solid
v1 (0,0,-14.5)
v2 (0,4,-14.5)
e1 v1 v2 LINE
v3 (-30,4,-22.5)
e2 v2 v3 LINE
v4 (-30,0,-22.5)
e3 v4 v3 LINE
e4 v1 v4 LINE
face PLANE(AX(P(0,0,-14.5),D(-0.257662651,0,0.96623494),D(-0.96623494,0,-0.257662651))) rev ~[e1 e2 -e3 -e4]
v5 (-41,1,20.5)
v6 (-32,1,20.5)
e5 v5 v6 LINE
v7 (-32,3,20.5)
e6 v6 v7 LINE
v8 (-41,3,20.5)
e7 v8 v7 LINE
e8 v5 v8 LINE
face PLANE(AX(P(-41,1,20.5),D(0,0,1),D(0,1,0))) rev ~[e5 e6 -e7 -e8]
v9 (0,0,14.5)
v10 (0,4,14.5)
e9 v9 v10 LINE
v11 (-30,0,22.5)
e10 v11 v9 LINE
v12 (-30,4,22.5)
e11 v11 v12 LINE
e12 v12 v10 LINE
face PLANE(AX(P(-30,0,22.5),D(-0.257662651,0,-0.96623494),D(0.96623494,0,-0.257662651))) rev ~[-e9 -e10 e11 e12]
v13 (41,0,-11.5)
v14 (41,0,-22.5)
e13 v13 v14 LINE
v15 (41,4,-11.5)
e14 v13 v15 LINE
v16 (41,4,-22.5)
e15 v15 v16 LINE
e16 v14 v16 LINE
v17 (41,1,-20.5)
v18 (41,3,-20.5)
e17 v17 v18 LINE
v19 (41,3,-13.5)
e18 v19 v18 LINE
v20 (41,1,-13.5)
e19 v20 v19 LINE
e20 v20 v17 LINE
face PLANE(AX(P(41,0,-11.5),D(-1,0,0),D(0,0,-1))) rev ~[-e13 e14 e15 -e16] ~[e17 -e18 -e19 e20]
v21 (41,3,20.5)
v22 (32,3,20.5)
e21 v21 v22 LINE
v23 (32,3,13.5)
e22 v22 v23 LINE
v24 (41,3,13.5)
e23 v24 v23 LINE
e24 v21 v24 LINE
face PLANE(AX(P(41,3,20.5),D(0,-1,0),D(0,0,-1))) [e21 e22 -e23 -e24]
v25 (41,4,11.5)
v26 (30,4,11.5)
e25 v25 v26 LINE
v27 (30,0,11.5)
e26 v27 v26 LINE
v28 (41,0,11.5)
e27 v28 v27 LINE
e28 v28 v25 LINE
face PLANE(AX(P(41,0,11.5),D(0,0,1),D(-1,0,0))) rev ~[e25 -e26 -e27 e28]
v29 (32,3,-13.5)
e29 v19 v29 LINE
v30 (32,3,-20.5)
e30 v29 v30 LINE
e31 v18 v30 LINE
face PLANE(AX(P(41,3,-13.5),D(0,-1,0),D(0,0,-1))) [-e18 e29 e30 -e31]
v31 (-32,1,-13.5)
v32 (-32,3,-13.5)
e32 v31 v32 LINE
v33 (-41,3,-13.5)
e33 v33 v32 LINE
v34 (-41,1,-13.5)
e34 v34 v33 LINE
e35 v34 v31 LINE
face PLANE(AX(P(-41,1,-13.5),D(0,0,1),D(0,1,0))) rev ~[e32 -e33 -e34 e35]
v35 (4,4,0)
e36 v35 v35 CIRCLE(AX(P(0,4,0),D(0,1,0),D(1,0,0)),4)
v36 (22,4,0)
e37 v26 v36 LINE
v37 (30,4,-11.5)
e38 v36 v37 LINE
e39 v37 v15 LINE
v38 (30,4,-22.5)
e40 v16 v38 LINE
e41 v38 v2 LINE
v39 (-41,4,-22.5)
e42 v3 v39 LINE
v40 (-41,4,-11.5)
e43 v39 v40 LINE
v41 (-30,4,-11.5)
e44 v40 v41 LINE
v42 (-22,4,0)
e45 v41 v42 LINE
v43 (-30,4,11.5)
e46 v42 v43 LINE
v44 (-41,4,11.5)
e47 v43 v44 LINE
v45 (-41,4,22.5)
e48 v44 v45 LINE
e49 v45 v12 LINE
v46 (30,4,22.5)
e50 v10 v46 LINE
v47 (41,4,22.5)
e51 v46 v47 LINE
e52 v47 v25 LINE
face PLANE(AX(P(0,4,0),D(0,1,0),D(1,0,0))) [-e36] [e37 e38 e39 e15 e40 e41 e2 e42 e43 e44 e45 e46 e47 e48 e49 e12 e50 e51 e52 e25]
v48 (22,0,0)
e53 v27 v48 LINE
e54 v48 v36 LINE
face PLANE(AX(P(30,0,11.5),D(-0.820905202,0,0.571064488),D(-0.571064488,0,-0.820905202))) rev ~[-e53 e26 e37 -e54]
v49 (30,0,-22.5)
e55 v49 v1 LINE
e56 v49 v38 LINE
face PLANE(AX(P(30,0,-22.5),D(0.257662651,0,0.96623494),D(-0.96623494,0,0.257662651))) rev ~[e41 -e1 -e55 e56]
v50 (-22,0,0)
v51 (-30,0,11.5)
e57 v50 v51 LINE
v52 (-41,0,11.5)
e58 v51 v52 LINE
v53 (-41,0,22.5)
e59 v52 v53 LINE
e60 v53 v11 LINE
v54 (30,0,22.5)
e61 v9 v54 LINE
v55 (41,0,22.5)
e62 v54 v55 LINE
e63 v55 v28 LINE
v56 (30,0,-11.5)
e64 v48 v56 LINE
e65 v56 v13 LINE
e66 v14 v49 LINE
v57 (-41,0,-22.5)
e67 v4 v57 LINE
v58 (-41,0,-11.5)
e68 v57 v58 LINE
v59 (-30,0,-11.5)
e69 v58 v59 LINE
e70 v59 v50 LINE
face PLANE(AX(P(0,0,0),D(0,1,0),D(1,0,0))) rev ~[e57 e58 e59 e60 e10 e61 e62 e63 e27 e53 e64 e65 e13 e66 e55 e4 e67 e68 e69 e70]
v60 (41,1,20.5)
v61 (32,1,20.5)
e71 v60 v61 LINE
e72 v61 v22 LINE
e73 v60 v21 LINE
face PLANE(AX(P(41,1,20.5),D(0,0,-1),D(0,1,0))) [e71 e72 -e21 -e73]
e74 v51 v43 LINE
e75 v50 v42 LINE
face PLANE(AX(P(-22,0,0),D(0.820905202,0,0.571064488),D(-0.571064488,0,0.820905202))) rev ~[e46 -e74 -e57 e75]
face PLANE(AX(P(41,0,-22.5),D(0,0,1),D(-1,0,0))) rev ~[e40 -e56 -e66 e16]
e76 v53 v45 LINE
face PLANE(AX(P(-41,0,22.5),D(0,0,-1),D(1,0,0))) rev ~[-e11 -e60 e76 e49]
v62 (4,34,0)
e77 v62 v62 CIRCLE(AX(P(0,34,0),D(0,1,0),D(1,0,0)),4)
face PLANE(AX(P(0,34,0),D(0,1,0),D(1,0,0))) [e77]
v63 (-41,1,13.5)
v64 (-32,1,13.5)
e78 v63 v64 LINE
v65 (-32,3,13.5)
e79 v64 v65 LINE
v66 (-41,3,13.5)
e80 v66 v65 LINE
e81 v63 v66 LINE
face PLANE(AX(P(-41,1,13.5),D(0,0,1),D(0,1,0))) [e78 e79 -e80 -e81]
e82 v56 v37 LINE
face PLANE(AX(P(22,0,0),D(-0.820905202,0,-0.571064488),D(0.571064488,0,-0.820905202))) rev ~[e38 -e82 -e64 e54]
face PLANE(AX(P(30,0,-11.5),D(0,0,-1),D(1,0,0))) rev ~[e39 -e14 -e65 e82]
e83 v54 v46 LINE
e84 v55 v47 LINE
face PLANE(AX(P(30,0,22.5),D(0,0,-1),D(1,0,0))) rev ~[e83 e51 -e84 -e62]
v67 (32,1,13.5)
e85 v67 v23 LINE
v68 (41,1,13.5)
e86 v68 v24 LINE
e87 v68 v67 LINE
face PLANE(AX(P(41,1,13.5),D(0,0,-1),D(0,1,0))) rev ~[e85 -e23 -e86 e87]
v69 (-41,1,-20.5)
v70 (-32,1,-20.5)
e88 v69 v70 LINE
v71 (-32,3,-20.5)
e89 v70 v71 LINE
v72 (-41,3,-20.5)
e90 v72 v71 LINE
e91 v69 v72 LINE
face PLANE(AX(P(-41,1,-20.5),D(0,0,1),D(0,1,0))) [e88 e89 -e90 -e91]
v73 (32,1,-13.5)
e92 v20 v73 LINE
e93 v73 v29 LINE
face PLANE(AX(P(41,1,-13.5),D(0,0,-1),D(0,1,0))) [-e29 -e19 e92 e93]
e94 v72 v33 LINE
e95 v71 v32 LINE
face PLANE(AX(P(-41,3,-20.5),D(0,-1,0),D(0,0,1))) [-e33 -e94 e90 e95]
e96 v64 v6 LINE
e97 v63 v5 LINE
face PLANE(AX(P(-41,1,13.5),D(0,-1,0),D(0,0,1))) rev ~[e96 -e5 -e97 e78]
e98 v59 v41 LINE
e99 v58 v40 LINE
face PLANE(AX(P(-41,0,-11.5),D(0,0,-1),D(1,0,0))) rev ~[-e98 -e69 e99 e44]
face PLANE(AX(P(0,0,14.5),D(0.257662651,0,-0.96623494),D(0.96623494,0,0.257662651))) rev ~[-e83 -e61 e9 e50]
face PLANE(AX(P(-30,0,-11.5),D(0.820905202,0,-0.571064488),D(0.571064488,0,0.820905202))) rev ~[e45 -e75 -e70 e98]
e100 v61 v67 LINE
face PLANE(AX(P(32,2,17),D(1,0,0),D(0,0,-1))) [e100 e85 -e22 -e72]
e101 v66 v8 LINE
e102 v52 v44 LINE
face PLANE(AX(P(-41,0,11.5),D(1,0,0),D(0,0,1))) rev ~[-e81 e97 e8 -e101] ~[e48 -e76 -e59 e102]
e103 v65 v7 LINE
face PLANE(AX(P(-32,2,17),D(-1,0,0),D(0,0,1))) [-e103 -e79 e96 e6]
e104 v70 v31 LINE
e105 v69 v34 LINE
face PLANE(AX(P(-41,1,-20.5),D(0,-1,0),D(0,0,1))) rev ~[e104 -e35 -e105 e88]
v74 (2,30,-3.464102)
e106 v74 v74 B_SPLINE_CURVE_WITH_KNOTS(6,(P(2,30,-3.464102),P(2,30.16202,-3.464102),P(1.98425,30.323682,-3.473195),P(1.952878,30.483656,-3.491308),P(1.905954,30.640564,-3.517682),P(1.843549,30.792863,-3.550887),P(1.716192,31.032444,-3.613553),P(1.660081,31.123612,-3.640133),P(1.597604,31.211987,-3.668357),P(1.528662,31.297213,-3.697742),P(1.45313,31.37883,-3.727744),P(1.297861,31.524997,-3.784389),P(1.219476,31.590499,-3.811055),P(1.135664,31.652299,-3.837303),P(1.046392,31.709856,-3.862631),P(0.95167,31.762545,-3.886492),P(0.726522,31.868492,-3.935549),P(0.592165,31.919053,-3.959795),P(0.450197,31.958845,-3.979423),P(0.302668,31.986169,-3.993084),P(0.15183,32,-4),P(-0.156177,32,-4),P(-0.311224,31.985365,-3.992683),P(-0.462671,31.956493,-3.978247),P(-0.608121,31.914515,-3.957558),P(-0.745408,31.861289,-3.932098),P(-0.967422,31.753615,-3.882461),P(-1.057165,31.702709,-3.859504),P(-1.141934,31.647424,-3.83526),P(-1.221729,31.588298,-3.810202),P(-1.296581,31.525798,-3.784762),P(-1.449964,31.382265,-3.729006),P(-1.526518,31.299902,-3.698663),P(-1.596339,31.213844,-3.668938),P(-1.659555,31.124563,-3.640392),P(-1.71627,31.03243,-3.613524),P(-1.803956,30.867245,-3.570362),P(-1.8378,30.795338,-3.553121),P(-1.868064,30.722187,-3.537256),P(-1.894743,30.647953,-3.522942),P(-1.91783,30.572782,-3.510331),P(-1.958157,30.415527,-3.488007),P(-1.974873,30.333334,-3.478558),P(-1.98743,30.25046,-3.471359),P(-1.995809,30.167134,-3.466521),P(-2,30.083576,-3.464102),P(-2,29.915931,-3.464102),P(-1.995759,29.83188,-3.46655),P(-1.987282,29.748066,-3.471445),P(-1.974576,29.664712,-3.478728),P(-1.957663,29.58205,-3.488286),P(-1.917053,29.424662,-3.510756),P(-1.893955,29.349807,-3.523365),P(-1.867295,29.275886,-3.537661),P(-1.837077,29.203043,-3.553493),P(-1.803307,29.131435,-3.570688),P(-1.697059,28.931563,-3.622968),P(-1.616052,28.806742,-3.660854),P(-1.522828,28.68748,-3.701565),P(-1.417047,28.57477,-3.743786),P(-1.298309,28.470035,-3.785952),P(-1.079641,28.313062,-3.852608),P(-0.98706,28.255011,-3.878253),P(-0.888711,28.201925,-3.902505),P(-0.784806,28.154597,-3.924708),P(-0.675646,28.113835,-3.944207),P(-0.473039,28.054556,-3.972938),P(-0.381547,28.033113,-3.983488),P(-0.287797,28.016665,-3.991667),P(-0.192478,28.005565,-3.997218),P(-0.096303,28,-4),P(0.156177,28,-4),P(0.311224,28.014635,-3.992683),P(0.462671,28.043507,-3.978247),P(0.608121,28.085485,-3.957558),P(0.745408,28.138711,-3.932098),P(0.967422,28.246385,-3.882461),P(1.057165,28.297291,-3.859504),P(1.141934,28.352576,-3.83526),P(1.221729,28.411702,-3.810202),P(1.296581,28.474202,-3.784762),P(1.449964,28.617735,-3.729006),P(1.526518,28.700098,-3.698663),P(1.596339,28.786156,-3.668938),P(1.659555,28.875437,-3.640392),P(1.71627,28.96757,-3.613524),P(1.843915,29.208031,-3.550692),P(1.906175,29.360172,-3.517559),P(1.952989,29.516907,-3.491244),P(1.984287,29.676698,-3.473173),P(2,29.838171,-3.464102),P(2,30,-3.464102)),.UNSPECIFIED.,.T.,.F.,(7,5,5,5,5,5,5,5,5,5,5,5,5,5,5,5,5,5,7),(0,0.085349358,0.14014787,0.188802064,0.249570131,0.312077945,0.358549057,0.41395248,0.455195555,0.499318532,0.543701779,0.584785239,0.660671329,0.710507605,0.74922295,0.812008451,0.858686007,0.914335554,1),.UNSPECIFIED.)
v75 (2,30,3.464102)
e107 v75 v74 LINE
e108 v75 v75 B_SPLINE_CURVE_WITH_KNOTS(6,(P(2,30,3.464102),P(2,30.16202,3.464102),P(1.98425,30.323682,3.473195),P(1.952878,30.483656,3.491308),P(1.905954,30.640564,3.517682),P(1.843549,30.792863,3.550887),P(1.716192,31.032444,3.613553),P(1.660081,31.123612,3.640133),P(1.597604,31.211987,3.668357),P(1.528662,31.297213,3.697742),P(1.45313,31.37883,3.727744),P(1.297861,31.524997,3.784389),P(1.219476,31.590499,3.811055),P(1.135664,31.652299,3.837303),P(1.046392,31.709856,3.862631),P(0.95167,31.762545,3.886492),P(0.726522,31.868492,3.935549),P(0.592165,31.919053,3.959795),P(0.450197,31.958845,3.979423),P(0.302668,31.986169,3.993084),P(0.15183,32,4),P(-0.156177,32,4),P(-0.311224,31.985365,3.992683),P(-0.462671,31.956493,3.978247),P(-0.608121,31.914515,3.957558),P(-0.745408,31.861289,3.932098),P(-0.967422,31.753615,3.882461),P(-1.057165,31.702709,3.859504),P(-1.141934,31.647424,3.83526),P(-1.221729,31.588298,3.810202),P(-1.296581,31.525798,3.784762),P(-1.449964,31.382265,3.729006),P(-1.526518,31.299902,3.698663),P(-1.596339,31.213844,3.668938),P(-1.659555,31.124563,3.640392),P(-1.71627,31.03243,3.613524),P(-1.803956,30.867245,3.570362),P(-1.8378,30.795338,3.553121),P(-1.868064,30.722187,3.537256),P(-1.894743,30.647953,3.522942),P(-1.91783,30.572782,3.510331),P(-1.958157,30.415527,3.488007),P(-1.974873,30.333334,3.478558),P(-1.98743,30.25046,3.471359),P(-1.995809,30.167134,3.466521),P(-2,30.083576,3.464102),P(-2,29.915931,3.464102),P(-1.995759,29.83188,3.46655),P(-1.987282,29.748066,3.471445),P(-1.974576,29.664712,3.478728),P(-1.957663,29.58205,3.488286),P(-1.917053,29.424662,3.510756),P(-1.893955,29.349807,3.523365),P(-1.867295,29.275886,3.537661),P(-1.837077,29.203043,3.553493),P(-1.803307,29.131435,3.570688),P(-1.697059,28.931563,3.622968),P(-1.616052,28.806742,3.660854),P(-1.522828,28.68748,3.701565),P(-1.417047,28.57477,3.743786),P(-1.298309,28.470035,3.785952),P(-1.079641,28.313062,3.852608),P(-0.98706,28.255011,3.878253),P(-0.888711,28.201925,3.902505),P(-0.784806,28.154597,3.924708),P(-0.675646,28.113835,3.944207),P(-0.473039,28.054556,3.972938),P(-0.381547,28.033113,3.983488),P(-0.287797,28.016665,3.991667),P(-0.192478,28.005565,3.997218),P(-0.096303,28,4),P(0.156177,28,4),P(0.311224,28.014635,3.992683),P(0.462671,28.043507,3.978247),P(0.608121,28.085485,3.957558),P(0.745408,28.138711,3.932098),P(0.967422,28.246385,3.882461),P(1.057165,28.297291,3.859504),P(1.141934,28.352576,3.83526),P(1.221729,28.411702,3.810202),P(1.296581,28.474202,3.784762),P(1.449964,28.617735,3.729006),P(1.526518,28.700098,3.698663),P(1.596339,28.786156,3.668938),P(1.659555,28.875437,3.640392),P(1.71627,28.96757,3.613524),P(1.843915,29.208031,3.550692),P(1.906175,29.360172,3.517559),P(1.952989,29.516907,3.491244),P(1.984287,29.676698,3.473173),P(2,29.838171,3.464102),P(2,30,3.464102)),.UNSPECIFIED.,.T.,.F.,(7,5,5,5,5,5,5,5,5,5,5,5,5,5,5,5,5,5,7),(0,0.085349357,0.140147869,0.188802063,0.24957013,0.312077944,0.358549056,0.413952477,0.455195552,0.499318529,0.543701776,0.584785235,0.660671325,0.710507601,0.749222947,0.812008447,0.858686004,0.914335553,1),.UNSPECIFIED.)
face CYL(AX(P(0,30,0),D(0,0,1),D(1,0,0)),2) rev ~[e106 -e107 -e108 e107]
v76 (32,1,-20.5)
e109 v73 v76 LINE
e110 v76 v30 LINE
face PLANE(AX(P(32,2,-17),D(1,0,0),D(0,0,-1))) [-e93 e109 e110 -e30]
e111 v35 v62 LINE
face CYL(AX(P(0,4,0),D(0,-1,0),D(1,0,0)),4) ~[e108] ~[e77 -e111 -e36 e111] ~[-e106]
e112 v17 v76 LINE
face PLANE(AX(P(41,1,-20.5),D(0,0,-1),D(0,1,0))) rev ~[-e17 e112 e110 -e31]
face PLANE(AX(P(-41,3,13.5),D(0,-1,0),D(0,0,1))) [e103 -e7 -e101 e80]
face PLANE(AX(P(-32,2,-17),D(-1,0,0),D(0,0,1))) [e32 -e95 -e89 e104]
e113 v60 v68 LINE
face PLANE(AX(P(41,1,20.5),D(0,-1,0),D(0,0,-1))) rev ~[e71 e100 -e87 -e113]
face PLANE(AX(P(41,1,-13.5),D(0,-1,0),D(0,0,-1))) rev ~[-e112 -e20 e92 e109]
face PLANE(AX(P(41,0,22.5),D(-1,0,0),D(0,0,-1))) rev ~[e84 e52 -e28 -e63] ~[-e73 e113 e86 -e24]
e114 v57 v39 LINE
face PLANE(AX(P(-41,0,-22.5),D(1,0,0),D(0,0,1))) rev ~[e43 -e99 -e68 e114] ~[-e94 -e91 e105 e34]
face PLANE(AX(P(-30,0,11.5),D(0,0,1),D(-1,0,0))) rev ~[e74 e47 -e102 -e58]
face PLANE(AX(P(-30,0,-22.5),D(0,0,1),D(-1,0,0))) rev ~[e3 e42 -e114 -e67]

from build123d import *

# Parameters (mm, degrees)
SALIENTE_EXTRUIR1_DEPTH    = 4
CROQUIS4_W                 = 7
CROQUIS4_H                 = 2
CORTAR_EXTRUIR2_DEPTH      = 9
CROQUIS6_W                 = 7
CROQUIS6_H                 = 2
CORTAR_EXTRUIR6_DEPTH      = 9
CROQUIS7_W                 = 7
CROQUIS7_H                 = 2
CORTAR_EXTRUIR4_DEPTH      = 9
CROQUIS8_W                 = 7
CROQUIS8_H                 = 2
CORTAR_EXTRUIR5_DEPTH      = 9
CROQUIS9_R                 = 4
SALIENTE_EXTRUIR2_DEPTH    = 30
CROQUIS10_R                = 2
CORTAR_EXTRUIR7_DEPTH      = 23.5
CORTAR_EXTRUIR7_DEPTH_BACK = 23.5


with BuildPart() as part:
    # Croquis1 → Saliente-Extruir1 (new body)
    with BuildSketch(Plane(origin=(0, 0, 0), x_dir=(1, 0, 0), z_dir=(0, 1, 0))):
        Polygon((-41, -22.5), (-30, -22.5), (0, -14.5), (30, -22.5), (41, -22.5), (41, -11.5), (30, -11.5), (22, 0), (30, 11.5), (41, 11.5), (41, 22.5), (30, 22.5), (0, 14.5), (-30, 22.5), (-41, 22.5), (-41, 11.5), (-30, 11.5), (-22, 0), (-30, -11.5), (-41, -11.5), align=None)
    extrude(amount=SALIENTE_EXTRUIR1_DEPTH)

    # Croquis4 → Cortar-Extruir2 (cut)
    with BuildSketch(Plane.ZY.offset(41)):
        with Locations((-17, 2)):
            Rectangle(CROQUIS4_W, CROQUIS4_H)
    extrude(amount=-CORTAR_EXTRUIR2_DEPTH, mode=Mode.SUBTRACT)

    # Croquis6 → Cortar-Extruir6 (cut)
    with BuildSketch(Plane.ZY.offset(41)):
        with Locations((17, 2)):
            Rectangle(CROQUIS6_W, CROQUIS6_H)
    extrude(amount=-CORTAR_EXTRUIR6_DEPTH, mode=Mode.SUBTRACT)

    # Croquis7 → Cortar-Extruir4 (cut)
    with BuildSketch(Plane(origin=(41, 0, 0), x_dir=(0, 0, -1), z_dir=(1, 0, 0))):
        with Locations((-17, 2)):
            Rectangle(CROQUIS7_W, CROQUIS7_H)
    extrude(amount=-CORTAR_EXTRUIR4_DEPTH, mode=Mode.SUBTRACT)

    # Croquis8 → Cortar-Extruir5 (cut)
    with BuildSketch(Plane(origin=(41, 0, 0), x_dir=(0, 0, -1), z_dir=(1, 0, 0))):
        with Locations((17, 2)):
            Rectangle(CROQUIS8_W, CROQUIS8_H)
    extrude(amount=-CORTAR_EXTRUIR5_DEPTH, mode=Mode.SUBTRACT)

    # Croquis9 → Saliente-Extruir2 (add)
    with BuildSketch(Plane(origin=(0, 4, 0), x_dir=(1, 0, 0), z_dir=(0, 1, 0))):
        Circle(CROQUIS9_R)
    extrude(amount=SALIENTE_EXTRUIR2_DEPTH)

    # Croquis10 → Cortar-Extruir7 (cut, two sides)
    with BuildSketch(Plane.XY) as cortar_extruir7_sk:
        with Locations((0, 30)):
            Circle(CROQUIS10_R)
    extrude(amount=CORTAR_EXTRUIR7_DEPTH, mode=Mode.SUBTRACT)
    extrude(cortar_extruir7_sk.sketch, amount=-CORTAR_EXTRUIR7_DEPTH_BACK, mode=Mode.SUBTRACT)


solid = part.part
